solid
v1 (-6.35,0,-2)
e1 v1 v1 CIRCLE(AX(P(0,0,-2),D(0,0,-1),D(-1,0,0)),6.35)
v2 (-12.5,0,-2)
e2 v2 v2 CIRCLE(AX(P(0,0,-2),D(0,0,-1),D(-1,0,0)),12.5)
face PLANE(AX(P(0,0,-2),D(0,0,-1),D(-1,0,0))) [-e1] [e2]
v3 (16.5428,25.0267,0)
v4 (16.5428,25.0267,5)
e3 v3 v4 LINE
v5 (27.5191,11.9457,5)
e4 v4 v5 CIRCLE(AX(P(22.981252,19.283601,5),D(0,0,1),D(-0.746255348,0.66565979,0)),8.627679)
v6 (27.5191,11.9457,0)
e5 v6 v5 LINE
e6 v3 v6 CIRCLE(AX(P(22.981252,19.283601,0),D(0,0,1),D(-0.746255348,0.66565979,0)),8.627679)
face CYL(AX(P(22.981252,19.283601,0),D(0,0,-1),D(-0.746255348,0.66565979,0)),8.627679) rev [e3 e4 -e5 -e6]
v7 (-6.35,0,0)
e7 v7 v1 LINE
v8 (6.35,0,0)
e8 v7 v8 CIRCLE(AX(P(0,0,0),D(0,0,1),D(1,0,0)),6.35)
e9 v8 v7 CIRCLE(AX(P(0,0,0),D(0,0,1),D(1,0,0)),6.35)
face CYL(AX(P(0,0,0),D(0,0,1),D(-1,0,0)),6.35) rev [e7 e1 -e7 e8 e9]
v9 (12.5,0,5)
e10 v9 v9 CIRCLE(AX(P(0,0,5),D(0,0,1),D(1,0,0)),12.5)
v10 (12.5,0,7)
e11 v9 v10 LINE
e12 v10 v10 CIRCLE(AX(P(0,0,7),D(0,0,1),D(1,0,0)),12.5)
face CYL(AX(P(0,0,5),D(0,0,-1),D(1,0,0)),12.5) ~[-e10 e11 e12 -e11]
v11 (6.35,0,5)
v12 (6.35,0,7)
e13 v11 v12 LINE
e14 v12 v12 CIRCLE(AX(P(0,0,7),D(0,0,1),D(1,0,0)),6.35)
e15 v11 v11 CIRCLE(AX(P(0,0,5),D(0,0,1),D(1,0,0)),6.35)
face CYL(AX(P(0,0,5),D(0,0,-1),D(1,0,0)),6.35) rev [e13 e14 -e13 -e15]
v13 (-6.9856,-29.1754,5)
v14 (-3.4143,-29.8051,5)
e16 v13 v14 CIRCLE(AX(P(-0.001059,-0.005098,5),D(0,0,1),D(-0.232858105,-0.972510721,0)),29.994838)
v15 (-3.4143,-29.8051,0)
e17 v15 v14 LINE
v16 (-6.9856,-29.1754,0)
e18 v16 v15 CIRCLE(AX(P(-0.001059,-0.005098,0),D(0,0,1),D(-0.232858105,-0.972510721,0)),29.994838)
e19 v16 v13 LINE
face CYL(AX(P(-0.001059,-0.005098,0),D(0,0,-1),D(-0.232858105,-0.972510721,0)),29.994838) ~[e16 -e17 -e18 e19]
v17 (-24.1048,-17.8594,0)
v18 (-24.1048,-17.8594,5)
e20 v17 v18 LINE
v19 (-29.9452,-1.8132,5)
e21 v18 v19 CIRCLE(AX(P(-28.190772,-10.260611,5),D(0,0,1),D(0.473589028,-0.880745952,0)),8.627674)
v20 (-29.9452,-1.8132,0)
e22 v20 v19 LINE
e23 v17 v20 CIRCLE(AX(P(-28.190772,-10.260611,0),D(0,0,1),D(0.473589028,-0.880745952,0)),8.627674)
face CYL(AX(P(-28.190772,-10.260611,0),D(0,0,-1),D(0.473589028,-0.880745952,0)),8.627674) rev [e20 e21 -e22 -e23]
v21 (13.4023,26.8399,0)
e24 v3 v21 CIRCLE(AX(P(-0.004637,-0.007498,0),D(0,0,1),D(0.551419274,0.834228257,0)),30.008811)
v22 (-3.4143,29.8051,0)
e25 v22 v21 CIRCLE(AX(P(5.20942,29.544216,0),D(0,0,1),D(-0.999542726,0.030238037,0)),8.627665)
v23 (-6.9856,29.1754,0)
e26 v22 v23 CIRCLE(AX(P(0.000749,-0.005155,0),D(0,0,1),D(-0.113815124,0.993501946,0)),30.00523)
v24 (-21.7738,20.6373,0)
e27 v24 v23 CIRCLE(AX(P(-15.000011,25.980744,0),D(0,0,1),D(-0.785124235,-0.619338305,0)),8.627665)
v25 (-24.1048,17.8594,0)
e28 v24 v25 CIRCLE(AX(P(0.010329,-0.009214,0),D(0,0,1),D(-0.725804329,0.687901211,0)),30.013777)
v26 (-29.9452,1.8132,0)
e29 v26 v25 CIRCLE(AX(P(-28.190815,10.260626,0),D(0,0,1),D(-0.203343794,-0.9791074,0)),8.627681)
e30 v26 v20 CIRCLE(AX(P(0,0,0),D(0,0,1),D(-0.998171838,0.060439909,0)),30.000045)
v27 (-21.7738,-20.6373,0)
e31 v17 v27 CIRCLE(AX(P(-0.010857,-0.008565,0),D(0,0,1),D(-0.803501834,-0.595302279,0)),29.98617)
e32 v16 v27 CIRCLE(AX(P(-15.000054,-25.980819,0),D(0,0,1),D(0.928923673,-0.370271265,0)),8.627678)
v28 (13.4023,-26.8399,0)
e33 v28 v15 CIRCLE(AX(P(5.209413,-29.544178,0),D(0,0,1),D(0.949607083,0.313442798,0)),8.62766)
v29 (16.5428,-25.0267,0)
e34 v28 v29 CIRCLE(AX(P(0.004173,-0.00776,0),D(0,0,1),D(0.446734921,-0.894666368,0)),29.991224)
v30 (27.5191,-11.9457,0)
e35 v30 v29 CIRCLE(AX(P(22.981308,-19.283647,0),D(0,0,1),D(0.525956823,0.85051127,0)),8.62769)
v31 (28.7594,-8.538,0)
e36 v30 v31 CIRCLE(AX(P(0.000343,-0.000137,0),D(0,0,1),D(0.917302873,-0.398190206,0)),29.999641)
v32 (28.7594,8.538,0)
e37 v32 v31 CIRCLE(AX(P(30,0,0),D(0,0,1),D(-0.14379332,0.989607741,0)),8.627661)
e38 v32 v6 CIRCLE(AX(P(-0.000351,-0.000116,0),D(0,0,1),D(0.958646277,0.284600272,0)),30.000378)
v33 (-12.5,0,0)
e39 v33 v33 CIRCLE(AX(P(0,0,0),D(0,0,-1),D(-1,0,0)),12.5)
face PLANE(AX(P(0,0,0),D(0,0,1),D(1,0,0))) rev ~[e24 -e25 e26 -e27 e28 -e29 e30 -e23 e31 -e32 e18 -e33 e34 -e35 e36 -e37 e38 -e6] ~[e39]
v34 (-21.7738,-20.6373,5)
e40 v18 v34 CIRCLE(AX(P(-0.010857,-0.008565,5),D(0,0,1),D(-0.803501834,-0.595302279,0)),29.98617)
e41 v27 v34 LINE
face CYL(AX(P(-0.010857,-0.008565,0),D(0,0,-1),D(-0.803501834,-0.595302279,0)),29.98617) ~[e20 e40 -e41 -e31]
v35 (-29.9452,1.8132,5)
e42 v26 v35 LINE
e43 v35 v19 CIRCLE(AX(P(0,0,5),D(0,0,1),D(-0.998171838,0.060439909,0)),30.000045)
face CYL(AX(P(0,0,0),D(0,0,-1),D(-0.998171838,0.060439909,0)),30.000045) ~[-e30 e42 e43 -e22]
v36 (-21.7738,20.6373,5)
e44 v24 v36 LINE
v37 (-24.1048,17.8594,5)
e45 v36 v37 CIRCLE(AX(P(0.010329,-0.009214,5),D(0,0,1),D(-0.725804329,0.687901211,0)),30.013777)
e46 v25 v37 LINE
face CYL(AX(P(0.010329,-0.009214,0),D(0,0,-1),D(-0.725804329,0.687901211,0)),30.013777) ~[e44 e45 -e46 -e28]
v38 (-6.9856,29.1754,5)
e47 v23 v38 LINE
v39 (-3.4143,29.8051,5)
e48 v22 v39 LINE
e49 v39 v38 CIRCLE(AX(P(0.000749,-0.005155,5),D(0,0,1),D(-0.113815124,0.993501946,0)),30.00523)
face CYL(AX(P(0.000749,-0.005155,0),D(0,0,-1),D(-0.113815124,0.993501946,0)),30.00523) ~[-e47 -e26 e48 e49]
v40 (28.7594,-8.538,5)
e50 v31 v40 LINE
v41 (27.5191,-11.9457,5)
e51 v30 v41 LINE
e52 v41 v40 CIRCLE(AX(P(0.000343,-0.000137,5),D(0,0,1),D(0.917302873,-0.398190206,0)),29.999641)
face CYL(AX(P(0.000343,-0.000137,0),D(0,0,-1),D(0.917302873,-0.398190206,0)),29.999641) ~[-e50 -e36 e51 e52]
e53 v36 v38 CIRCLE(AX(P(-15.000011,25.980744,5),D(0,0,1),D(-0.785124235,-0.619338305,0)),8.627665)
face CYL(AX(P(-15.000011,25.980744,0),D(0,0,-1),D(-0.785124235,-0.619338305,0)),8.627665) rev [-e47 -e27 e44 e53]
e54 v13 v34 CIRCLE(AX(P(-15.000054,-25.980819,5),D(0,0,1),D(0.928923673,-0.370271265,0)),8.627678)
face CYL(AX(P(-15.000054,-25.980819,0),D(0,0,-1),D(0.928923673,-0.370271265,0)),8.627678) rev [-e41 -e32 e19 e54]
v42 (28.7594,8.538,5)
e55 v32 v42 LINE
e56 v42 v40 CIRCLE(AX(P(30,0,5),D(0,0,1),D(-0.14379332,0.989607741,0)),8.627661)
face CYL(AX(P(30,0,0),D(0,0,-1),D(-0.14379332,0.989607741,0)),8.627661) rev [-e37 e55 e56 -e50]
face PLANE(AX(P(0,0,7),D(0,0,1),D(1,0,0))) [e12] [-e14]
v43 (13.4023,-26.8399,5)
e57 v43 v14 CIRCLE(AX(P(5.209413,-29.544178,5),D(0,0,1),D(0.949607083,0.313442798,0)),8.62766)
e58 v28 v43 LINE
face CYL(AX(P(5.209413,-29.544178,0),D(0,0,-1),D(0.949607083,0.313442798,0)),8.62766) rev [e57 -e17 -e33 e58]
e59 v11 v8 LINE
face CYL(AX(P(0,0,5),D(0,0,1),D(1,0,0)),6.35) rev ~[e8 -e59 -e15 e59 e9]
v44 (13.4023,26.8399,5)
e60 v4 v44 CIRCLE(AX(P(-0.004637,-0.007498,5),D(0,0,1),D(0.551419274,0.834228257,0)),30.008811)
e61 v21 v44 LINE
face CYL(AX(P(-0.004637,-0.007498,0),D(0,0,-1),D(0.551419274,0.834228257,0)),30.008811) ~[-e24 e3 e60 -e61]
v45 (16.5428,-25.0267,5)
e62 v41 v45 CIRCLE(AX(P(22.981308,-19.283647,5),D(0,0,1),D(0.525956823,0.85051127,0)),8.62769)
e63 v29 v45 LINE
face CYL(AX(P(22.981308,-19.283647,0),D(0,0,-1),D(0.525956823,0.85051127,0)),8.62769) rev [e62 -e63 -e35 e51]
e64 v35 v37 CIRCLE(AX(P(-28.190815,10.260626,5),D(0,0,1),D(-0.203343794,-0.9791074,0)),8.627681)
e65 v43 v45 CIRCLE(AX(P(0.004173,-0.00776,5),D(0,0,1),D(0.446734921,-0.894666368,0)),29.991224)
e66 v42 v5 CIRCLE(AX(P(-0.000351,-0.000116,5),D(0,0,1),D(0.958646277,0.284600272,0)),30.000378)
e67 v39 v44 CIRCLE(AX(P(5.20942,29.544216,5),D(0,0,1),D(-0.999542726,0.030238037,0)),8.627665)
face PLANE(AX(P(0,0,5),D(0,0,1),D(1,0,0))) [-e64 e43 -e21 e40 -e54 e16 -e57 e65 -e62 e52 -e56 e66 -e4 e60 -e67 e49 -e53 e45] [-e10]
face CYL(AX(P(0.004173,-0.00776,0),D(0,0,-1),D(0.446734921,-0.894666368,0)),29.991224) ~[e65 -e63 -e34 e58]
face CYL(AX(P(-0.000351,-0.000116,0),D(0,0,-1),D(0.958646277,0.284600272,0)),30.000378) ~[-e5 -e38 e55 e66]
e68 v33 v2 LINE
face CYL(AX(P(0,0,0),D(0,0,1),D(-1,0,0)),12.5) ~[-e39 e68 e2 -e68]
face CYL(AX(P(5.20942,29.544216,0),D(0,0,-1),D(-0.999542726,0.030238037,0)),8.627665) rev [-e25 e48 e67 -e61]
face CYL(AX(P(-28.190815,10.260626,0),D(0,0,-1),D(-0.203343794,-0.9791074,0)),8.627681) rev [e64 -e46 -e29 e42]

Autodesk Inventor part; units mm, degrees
ref_plane "YZ Plane" through (0, 0, 0) normal (1, 0, 0) x (0, 1, 0)
ref_plane "XZ Plane" through (0, 0, 0) normal (0, 1, 0) x (-1, 0, 0)
ref_plane "XY Plane" through (0, 0, 0) normal (0, 0, 1) x (1, 0, 0)
sketch "Sketch1" plane through (0, 0, 0) normal (0, 0, 1) x (1, 0, 0)
  circle A0 centre (0, 0) radius 6.35
  circle A1 centre (0, 0) radius 21.3337
  arc A2 (28.7594, 8.538) -> (28.7594, -8.538) centre (30, 0) ccw
  arc A3 (16.5428, 25.0267) -> (27.5191, 11.9457) centre (22.9813, 19.2836) ccw
  arc A4 (-3.4143, 29.8051) -> (13.4023, 26.8399) centre (5.2094, 29.5442) ccw
  arc A5 (-21.7738, 20.6373) -> (-6.9856, 29.1754) centre (-15, 25.9808) ccw
  arc A6 (-29.9452, 1.8132) -> (-24.1048, 17.8594) centre (-28.1908, 10.2606) ccw
  arc A7 (-24.1048, -17.8594) -> (-29.9452, -1.8132) centre (-28.1908, -10.2606) ccw
  arc A8 (-6.9856, -29.1754) -> (-21.7738, -20.6373) centre (-15, -25.9808) ccw
  arc A9 (13.4023, -26.8399) -> (-3.4143, -29.8051) centre (5.2094, -29.5442) ccw
  arc A10 (27.5191, -11.9457) -> (16.5428, -25.0267) centre (22.9813, -19.2836) ccw
  arc A11 (27.5191, -11.9457) -> (28.7594, -8.538) centre (0, 0) ccw
  arc A12 (28.7594, 8.538) -> (27.5191, 11.9457) centre (0, 0) ccw
  arc A13 (16.5428, 25.0267) -> (13.4023, 26.8399) centre (0, 0) ccw
  arc A14 (-3.4143, 29.8051) -> (-6.9856, 29.1754) centre (0, 0) ccw
  arc A15 (-21.7738, 20.6373) -> (-24.1048, 17.8594) centre (0, 0) ccw
  arc A16 (-29.9452, 1.8132) -> (-29.9452, -1.8132) centre (0, 0) ccw
  arc A17 (-24.1048, -17.8594) -> (-21.7738, -20.6373) centre (0, 0) ccw
  arc A18 (-6.9856, -29.1754) -> (-3.4143, -29.8051) centre (0, 0) ccw
  arc A19 (13.4023, -26.8399) -> (16.5428, -25.0267) centre (0, 0) ccw
  arc A20 (-6.3913, -25.4085) -> (-2.6843, -26.0621) centre (0, 0) ccw
  point P0 (25.2001, -7.1692)
  point P1 (25.2001, 7.1692)
  point P2 (23.9126, 10.7064)
  point P3 (14.6961, 21.6902)
  point P4 (11.4362, 23.5723)
  point P5 (-2.6843, 26.0621)
  point P6 (-6.3913, 25.4085)
  point P7 (-18.8087, 18.2393)
  point P8 (-21.2283, 15.3558)
  point P9 (-26.1323, 1.8821)
  point P10 (-26.1323, -1.8821)
  point P11 (-21.2283, -15.3558)
  point P12 (-18.8087, -18.2393)
  point P13 (11.4362, -23.5723)
  point P14 (23.9126, -10.7064)
  point P15 (14.6961, -21.6902)
  dimension "d1" = 12.7
  dimension "d5" = 360
extrude "Extrusion1" add sketch "Sketch1" along normal blind 5 contours A0 | A1 | A2 A11 A10 A19 A9 A20 A8 A17 A7 A16 A6 A15 A5 A14 A4 A13 A3 A12 | A9 A18 A8 A20
sketch "Sketch2" plane through (0, 0, 5) normal (0, 0, 1) x (1, 0, 0)
  circle A0 centre (0, 0) radius 6.35
  dimension "d9" = 12.7
extrude "Extrusion2" cut sketch "Sketch2" against normal through all
sketch "Sketch3" plane through (0, 0, 5) normal (0, 0, 1) x (1, 0, 0)
  circle A0 centre (0, 0) radius 12.5
  circle A1 centre (0, 0) radius 6.35
  dimension "d12" = 25
  dimension "d13" = 12.7
extrude "Extrusion3" add sketch "Sketch3" along normal blind 2
sketch "Sketch4" plane through (0, 0, 0) normal (0, 0, -1) x (-1, 0, 0)
  circle A0 centre (0, 0) radius 6.35
  circle A1 centre (0, 0) radius 12.5
  dimension "d16" = 12.7
  dimension "d17" = 25
extrude "Extrusion4" add sketch "Sketch4" along normal blind 2
properties part number "Gear"
